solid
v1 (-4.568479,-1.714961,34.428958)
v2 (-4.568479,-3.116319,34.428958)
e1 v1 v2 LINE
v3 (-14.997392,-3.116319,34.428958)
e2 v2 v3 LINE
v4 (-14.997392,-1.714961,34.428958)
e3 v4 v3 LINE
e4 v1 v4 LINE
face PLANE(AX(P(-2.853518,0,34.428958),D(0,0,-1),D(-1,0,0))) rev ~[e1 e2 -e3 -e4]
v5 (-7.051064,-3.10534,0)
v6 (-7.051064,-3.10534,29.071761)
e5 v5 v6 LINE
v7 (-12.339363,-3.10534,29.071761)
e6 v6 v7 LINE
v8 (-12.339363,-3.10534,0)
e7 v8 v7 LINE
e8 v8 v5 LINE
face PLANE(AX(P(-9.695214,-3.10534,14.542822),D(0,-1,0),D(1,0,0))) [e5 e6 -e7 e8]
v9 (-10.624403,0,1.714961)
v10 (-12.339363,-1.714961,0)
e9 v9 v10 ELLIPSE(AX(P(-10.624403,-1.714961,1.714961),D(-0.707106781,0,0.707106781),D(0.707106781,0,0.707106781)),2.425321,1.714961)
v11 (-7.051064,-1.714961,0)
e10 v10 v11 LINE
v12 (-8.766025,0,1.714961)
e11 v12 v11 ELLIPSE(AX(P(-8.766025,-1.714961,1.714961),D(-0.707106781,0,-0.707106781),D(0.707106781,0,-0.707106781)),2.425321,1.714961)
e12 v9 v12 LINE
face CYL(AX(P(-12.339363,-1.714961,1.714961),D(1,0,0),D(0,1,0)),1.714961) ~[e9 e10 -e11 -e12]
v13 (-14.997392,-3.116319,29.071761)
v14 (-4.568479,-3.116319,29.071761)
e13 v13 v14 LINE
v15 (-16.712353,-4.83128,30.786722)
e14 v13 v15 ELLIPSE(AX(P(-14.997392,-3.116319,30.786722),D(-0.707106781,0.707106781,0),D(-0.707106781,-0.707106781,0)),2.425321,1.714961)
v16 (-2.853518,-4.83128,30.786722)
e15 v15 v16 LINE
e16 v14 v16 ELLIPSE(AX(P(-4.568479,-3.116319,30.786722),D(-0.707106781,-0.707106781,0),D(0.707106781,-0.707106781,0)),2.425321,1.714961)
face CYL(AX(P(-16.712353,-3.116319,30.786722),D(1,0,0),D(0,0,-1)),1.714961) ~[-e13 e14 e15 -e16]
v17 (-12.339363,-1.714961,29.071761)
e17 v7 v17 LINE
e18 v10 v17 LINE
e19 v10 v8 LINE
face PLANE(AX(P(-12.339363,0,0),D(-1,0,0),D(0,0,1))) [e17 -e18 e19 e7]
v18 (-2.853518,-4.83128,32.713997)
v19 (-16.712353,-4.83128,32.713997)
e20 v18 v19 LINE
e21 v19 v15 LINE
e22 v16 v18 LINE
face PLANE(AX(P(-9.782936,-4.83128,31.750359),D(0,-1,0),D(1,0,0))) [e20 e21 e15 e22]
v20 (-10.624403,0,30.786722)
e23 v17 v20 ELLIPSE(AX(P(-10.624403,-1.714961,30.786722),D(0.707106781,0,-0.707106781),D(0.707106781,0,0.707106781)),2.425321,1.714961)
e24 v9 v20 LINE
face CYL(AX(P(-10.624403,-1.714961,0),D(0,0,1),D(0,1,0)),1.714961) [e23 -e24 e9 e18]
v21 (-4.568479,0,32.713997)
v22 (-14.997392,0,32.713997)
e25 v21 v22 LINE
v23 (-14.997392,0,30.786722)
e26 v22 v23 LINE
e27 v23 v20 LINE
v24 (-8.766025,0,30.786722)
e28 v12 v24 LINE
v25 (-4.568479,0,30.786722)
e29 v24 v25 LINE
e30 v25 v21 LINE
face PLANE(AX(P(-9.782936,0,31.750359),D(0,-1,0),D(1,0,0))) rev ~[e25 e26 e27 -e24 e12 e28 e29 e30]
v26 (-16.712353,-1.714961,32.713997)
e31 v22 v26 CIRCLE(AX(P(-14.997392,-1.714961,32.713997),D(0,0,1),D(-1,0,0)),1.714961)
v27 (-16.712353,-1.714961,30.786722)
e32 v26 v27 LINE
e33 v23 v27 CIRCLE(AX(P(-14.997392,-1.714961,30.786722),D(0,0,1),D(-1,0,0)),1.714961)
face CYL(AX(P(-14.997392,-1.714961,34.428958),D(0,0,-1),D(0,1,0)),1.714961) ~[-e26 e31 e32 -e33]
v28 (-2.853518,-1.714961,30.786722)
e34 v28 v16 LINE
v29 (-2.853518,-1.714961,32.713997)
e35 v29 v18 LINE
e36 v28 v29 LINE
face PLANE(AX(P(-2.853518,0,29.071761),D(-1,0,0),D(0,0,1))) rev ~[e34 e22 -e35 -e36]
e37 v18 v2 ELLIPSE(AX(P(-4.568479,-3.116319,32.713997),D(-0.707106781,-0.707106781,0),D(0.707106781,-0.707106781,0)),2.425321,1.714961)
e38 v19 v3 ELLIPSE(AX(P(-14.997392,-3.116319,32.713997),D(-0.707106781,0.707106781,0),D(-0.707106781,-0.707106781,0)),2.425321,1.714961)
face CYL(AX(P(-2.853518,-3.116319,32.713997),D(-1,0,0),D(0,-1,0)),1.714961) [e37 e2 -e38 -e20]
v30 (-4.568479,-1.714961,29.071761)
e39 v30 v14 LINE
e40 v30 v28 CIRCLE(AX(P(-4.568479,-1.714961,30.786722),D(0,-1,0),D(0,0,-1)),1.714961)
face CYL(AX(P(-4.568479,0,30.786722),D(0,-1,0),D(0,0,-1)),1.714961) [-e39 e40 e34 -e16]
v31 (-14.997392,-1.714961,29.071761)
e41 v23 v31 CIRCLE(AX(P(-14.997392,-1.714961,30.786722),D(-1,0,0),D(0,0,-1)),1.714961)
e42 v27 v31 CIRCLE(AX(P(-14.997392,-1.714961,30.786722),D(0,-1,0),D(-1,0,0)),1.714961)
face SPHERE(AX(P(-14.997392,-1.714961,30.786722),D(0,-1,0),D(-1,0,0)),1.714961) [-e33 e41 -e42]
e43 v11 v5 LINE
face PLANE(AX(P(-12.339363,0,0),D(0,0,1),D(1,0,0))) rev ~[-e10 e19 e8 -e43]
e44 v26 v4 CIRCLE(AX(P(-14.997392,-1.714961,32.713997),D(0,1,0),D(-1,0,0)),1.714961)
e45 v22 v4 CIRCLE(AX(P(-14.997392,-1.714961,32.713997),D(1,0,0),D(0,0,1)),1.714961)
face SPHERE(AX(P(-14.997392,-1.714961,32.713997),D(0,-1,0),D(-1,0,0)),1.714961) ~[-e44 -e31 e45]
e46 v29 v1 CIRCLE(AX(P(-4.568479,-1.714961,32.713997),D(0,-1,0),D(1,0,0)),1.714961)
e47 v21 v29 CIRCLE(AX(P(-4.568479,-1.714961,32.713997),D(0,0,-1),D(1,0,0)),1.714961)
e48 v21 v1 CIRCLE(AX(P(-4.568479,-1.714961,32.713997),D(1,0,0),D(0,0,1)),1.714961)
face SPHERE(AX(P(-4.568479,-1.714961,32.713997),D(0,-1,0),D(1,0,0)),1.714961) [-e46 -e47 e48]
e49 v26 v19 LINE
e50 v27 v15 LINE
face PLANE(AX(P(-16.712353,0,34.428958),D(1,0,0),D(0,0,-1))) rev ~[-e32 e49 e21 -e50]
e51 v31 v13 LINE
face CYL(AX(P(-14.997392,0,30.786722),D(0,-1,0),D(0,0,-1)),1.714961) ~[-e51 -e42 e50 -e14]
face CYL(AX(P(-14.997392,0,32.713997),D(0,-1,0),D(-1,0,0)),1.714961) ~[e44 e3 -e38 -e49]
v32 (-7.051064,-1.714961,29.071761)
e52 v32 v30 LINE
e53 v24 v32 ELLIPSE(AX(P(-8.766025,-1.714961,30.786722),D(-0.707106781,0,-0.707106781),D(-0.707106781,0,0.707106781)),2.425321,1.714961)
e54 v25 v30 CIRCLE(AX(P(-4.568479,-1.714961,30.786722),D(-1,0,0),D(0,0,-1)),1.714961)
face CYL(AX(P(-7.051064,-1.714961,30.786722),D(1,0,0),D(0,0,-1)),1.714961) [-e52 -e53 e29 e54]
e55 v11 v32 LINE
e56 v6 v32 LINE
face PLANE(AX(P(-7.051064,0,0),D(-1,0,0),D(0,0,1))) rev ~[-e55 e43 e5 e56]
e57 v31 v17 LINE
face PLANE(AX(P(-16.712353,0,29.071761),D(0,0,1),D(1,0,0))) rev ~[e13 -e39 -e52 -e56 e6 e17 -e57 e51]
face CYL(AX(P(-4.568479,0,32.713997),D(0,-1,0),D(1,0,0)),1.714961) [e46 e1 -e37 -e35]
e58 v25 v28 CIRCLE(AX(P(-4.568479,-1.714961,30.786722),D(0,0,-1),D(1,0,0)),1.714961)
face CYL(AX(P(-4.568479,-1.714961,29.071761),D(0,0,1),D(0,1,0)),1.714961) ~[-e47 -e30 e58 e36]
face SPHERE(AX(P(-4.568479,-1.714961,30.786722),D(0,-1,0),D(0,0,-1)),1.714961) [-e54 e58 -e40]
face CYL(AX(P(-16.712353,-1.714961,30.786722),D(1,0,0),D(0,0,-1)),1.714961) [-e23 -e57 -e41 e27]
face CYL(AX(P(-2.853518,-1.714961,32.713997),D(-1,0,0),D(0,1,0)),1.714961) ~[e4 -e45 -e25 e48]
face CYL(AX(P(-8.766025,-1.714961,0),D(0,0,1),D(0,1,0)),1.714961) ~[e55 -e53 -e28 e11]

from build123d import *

# Parameters (mm, degrees)
F0_W     = 5.288299
F0_H     = 29.085644
F1_DEPTH = 3.10534
F3_DEPTH = 4.83128
F4_R     = 1.714961


with BuildPart() as f1:
    # F0 (on Front) → F1 (new body)
    with BuildSketch(Plane.XZ):
        with Locations((-9.695214, 14.542822)):
            Rectangle(F0_W, F0_H)
    extrude(amount=F1_DEPTH)

    # F2 (on Front) → F3 (join)
    with BuildSketch(Plane.XZ):
        Polygon((-16.712353, 29.071761), (-12.286842, 29.071761), (-7.046107, 29.071761), (-2.853518, 29.071761), (-2.853518, 34.428958), (-16.712353, 34.428958), align=None)
    extrude(amount=F3_DEPTH)

    # F4
    f4_edges = [f1.edges().sort_by_distance(p)[0] for p in [
        (-16.712353, -2.41564, 34.428958),
        (-16.712353, -2.41564, 29.071761),
        (-2.853518, -2.41564, 34.428958),
        (-9.782935, -4.83128, 29.071761),
        (-2.853518, -2.41564, 29.071761),
        (-9.782935, -4.83128, 34.428958),
        (-16.712353, 0, 31.75036),
        (-14.525858, 0, 29.071761),
        (-12.339364, 0, 14.535881),
        (-9.695214, 0, 0),
        (-7.051065, 0, 14.535881),
        (-4.952291, 0, 29.071761),
        (-2.853518, 0, 31.75036),
        (-9.782935, 0, 34.428958),
    ]]
    fillet(f4_edges, radius=F4_R)


solid = f1.part
